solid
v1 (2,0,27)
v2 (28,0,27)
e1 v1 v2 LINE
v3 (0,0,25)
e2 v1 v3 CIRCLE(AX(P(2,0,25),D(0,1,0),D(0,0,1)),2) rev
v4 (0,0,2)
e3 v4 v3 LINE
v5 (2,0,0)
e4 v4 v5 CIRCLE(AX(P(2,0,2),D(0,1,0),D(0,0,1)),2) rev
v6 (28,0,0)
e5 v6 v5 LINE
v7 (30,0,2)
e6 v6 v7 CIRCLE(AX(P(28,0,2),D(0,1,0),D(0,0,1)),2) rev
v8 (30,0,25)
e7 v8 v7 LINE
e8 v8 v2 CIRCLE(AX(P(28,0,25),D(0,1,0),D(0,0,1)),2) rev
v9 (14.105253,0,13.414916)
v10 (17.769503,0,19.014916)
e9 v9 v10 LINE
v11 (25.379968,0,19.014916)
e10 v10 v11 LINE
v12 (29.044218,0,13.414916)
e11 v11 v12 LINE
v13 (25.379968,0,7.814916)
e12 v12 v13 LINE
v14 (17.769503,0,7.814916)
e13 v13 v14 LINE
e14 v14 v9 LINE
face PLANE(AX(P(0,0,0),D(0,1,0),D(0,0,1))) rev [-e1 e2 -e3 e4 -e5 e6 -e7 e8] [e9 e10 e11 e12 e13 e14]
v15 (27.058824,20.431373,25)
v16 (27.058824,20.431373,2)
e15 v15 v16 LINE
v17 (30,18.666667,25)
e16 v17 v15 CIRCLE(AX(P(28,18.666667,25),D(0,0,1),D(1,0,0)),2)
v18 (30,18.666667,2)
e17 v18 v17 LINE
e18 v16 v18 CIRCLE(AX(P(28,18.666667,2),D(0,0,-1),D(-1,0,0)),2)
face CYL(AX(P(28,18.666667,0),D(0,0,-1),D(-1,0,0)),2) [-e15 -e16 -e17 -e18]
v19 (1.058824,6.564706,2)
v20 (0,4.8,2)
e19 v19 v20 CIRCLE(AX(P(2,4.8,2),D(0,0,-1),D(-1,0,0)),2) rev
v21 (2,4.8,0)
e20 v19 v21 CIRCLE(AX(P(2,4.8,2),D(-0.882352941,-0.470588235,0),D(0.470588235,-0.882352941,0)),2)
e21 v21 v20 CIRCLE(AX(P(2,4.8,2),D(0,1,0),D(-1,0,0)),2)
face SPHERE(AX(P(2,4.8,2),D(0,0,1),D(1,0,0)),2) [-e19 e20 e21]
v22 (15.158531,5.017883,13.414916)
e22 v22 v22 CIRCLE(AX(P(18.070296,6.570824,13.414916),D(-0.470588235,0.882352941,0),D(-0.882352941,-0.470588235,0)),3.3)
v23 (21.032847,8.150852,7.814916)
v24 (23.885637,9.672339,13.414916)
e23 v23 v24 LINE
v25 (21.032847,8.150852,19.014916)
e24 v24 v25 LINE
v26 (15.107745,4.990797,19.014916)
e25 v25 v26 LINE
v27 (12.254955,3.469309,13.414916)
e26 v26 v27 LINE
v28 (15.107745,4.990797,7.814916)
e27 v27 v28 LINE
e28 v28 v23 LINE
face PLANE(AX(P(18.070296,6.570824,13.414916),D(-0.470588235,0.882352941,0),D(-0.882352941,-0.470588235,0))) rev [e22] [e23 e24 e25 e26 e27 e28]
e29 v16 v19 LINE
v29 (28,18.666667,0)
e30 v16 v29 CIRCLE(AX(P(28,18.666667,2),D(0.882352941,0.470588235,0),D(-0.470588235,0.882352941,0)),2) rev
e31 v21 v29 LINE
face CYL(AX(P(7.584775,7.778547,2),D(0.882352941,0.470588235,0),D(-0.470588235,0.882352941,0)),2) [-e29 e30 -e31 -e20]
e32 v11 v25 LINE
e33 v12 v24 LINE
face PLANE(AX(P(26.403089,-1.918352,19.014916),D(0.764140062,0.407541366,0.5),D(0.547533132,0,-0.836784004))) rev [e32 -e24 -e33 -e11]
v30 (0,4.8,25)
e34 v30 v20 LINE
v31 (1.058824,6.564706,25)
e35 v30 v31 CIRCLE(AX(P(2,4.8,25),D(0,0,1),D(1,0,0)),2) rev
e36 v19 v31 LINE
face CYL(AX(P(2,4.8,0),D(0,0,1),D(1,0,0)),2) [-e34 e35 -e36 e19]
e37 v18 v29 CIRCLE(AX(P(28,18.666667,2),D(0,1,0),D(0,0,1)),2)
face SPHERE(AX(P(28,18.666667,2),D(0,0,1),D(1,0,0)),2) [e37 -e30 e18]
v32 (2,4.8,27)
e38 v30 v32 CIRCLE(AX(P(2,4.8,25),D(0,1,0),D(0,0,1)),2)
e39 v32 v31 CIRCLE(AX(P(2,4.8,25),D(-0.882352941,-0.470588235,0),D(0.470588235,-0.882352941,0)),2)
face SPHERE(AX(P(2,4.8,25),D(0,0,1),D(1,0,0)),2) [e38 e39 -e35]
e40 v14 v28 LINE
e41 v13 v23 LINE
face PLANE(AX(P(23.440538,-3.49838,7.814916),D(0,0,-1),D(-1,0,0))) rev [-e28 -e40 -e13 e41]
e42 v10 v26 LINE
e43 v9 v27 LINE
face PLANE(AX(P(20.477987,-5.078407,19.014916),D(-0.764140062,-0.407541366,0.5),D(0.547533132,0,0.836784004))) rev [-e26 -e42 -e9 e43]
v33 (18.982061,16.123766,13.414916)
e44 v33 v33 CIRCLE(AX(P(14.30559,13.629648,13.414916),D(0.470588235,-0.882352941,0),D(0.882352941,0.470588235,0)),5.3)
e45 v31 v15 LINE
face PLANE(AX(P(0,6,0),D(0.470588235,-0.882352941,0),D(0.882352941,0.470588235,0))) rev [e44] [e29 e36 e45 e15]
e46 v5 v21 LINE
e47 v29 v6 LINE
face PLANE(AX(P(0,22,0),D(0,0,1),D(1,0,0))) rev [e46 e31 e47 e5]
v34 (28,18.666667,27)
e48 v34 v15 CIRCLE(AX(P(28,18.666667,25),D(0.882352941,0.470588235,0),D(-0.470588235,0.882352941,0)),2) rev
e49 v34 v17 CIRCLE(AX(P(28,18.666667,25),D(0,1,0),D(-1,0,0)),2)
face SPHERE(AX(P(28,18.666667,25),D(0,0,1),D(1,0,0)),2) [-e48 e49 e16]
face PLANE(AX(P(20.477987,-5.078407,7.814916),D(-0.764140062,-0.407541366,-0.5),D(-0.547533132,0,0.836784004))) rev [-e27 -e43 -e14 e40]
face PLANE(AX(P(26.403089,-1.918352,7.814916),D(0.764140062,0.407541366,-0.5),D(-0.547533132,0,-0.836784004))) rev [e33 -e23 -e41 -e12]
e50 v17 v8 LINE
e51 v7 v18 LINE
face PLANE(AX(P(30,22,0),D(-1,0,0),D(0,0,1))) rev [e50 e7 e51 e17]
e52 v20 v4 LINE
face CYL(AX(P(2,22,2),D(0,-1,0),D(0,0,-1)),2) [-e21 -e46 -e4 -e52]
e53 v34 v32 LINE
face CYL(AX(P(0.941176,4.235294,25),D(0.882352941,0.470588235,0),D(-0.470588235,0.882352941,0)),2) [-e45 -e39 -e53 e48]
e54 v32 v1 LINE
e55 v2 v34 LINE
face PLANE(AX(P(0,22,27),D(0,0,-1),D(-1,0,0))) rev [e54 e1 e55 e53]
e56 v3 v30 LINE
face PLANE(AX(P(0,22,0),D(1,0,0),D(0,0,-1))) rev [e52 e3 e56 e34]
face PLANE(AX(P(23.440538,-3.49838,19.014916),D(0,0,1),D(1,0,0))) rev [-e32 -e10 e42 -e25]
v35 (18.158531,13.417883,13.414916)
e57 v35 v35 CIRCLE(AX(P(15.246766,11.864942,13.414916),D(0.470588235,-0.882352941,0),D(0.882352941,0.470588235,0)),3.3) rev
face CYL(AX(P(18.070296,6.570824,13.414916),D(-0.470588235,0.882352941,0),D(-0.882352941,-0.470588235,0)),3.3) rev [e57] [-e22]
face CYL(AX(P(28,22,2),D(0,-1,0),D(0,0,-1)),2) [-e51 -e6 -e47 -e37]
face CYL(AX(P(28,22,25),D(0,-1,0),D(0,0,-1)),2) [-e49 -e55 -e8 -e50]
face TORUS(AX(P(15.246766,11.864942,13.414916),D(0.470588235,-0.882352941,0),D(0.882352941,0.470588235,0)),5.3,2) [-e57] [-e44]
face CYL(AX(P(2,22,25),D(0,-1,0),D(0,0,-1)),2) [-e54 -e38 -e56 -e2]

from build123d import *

# Parameters (mm, degrees)
SKETCH1_W           = 30
SKETCH1_H           = 27
BOSS_EXTRUDE1_DEPTH = 22
CUT_EXTRUDE1_DEPTH  = 46.967379738
CUT_EXTRUDE2_DEPTH  = 46.66149711
SKETCH4_R           = 6.960577045
SKETCH4_R_2         = 3.3
BOSS_EXTRUDE2_DEPTH = 8
FILLET2_R           = 2


with BuildPart() as part:
    # Sketch1 → Boss-Extrude1 (new body)
    with BuildSketch(Plane(origin=(0, 0, 0), x_dir=(1, 0, 0), z_dir=(0, 1, 0))):
        with Locations((15, -13.5)):
            Rectangle(SKETCH1_W, SKETCH1_H)
    extrude(amount=BOSS_EXTRUDE1_DEPTH)

    # Sketch2 → Cut-Extrude1 (cut, through all)
    with BuildSketch(Plane.XY.offset(27)):
        Polygon((0, 6), (0, 22), (30, 22), align=None)
    extrude(amount=-CUT_EXTRUDE1_DEPTH, mode=Mode.SUBTRACT)

    # Sketch3 → Cut-Extrude2 (cut, through all)
    with BuildSketch(Plane(origin=(-2.491349481, 4.671280277, 0), x_dir=(0.8823529411764706, 0.47058823529411764, 0), z_dir=(-0.47058823529411764, 0.8823529411764706, 0))):
        Polygon((22.394089302, -19.014916182), (25.627250808, -13.414916183), (22.394089302, -7.814916185), (19.036531329, -7.814916185), (15.678973356, -7.814916185), (12.445811849, -13.414916183), (15.678973356, -19.014916182), (19.036531329, -19.014916182), align=None)
    extrude(amount=-CUT_EXTRUDE2_DEPTH, mode=Mode.SUBTRACT)

    # Sketch4 → Boss-Extrude2 (add)
    with BuildSketch(Plane(origin=(-2.491349481, 4.671280277, 0), x_dir=(0.8823529411764706, 0.47058823529411764, 0), z_dir=(-0.47058823529411764, 0.8823529411764706, 0))):
        with Locations((19.036531329, -13.414916183)):
            Circle(SKETCH4_R)
        with Locations(Location((19.036531329, -13.414916183, 0), (0, 0, 180))):
            Circle(SKETCH4_R_2, mode=Mode.SUBTRACT)
    extrude(amount=-BOSS_EXTRUDE2_DEPTH)

    # Fillet2
    fillet2_edges = [part.edges().sort_by_distance(p)[0] for p in [
        (30, 22, 13.5),
        (0, 3, 0),
        (0, 3, 27),
        (15, 14, 0),
        (0, 6, 13.5),
        (15, 14, 27),
        (17.217354633, 15.182589137, 13.414916183),
        (30, 11, 0),
        (30, 11, 27),
    ]]
    fillet(fillet2_edges, radius=FILLET2_R)


solid = part.part
